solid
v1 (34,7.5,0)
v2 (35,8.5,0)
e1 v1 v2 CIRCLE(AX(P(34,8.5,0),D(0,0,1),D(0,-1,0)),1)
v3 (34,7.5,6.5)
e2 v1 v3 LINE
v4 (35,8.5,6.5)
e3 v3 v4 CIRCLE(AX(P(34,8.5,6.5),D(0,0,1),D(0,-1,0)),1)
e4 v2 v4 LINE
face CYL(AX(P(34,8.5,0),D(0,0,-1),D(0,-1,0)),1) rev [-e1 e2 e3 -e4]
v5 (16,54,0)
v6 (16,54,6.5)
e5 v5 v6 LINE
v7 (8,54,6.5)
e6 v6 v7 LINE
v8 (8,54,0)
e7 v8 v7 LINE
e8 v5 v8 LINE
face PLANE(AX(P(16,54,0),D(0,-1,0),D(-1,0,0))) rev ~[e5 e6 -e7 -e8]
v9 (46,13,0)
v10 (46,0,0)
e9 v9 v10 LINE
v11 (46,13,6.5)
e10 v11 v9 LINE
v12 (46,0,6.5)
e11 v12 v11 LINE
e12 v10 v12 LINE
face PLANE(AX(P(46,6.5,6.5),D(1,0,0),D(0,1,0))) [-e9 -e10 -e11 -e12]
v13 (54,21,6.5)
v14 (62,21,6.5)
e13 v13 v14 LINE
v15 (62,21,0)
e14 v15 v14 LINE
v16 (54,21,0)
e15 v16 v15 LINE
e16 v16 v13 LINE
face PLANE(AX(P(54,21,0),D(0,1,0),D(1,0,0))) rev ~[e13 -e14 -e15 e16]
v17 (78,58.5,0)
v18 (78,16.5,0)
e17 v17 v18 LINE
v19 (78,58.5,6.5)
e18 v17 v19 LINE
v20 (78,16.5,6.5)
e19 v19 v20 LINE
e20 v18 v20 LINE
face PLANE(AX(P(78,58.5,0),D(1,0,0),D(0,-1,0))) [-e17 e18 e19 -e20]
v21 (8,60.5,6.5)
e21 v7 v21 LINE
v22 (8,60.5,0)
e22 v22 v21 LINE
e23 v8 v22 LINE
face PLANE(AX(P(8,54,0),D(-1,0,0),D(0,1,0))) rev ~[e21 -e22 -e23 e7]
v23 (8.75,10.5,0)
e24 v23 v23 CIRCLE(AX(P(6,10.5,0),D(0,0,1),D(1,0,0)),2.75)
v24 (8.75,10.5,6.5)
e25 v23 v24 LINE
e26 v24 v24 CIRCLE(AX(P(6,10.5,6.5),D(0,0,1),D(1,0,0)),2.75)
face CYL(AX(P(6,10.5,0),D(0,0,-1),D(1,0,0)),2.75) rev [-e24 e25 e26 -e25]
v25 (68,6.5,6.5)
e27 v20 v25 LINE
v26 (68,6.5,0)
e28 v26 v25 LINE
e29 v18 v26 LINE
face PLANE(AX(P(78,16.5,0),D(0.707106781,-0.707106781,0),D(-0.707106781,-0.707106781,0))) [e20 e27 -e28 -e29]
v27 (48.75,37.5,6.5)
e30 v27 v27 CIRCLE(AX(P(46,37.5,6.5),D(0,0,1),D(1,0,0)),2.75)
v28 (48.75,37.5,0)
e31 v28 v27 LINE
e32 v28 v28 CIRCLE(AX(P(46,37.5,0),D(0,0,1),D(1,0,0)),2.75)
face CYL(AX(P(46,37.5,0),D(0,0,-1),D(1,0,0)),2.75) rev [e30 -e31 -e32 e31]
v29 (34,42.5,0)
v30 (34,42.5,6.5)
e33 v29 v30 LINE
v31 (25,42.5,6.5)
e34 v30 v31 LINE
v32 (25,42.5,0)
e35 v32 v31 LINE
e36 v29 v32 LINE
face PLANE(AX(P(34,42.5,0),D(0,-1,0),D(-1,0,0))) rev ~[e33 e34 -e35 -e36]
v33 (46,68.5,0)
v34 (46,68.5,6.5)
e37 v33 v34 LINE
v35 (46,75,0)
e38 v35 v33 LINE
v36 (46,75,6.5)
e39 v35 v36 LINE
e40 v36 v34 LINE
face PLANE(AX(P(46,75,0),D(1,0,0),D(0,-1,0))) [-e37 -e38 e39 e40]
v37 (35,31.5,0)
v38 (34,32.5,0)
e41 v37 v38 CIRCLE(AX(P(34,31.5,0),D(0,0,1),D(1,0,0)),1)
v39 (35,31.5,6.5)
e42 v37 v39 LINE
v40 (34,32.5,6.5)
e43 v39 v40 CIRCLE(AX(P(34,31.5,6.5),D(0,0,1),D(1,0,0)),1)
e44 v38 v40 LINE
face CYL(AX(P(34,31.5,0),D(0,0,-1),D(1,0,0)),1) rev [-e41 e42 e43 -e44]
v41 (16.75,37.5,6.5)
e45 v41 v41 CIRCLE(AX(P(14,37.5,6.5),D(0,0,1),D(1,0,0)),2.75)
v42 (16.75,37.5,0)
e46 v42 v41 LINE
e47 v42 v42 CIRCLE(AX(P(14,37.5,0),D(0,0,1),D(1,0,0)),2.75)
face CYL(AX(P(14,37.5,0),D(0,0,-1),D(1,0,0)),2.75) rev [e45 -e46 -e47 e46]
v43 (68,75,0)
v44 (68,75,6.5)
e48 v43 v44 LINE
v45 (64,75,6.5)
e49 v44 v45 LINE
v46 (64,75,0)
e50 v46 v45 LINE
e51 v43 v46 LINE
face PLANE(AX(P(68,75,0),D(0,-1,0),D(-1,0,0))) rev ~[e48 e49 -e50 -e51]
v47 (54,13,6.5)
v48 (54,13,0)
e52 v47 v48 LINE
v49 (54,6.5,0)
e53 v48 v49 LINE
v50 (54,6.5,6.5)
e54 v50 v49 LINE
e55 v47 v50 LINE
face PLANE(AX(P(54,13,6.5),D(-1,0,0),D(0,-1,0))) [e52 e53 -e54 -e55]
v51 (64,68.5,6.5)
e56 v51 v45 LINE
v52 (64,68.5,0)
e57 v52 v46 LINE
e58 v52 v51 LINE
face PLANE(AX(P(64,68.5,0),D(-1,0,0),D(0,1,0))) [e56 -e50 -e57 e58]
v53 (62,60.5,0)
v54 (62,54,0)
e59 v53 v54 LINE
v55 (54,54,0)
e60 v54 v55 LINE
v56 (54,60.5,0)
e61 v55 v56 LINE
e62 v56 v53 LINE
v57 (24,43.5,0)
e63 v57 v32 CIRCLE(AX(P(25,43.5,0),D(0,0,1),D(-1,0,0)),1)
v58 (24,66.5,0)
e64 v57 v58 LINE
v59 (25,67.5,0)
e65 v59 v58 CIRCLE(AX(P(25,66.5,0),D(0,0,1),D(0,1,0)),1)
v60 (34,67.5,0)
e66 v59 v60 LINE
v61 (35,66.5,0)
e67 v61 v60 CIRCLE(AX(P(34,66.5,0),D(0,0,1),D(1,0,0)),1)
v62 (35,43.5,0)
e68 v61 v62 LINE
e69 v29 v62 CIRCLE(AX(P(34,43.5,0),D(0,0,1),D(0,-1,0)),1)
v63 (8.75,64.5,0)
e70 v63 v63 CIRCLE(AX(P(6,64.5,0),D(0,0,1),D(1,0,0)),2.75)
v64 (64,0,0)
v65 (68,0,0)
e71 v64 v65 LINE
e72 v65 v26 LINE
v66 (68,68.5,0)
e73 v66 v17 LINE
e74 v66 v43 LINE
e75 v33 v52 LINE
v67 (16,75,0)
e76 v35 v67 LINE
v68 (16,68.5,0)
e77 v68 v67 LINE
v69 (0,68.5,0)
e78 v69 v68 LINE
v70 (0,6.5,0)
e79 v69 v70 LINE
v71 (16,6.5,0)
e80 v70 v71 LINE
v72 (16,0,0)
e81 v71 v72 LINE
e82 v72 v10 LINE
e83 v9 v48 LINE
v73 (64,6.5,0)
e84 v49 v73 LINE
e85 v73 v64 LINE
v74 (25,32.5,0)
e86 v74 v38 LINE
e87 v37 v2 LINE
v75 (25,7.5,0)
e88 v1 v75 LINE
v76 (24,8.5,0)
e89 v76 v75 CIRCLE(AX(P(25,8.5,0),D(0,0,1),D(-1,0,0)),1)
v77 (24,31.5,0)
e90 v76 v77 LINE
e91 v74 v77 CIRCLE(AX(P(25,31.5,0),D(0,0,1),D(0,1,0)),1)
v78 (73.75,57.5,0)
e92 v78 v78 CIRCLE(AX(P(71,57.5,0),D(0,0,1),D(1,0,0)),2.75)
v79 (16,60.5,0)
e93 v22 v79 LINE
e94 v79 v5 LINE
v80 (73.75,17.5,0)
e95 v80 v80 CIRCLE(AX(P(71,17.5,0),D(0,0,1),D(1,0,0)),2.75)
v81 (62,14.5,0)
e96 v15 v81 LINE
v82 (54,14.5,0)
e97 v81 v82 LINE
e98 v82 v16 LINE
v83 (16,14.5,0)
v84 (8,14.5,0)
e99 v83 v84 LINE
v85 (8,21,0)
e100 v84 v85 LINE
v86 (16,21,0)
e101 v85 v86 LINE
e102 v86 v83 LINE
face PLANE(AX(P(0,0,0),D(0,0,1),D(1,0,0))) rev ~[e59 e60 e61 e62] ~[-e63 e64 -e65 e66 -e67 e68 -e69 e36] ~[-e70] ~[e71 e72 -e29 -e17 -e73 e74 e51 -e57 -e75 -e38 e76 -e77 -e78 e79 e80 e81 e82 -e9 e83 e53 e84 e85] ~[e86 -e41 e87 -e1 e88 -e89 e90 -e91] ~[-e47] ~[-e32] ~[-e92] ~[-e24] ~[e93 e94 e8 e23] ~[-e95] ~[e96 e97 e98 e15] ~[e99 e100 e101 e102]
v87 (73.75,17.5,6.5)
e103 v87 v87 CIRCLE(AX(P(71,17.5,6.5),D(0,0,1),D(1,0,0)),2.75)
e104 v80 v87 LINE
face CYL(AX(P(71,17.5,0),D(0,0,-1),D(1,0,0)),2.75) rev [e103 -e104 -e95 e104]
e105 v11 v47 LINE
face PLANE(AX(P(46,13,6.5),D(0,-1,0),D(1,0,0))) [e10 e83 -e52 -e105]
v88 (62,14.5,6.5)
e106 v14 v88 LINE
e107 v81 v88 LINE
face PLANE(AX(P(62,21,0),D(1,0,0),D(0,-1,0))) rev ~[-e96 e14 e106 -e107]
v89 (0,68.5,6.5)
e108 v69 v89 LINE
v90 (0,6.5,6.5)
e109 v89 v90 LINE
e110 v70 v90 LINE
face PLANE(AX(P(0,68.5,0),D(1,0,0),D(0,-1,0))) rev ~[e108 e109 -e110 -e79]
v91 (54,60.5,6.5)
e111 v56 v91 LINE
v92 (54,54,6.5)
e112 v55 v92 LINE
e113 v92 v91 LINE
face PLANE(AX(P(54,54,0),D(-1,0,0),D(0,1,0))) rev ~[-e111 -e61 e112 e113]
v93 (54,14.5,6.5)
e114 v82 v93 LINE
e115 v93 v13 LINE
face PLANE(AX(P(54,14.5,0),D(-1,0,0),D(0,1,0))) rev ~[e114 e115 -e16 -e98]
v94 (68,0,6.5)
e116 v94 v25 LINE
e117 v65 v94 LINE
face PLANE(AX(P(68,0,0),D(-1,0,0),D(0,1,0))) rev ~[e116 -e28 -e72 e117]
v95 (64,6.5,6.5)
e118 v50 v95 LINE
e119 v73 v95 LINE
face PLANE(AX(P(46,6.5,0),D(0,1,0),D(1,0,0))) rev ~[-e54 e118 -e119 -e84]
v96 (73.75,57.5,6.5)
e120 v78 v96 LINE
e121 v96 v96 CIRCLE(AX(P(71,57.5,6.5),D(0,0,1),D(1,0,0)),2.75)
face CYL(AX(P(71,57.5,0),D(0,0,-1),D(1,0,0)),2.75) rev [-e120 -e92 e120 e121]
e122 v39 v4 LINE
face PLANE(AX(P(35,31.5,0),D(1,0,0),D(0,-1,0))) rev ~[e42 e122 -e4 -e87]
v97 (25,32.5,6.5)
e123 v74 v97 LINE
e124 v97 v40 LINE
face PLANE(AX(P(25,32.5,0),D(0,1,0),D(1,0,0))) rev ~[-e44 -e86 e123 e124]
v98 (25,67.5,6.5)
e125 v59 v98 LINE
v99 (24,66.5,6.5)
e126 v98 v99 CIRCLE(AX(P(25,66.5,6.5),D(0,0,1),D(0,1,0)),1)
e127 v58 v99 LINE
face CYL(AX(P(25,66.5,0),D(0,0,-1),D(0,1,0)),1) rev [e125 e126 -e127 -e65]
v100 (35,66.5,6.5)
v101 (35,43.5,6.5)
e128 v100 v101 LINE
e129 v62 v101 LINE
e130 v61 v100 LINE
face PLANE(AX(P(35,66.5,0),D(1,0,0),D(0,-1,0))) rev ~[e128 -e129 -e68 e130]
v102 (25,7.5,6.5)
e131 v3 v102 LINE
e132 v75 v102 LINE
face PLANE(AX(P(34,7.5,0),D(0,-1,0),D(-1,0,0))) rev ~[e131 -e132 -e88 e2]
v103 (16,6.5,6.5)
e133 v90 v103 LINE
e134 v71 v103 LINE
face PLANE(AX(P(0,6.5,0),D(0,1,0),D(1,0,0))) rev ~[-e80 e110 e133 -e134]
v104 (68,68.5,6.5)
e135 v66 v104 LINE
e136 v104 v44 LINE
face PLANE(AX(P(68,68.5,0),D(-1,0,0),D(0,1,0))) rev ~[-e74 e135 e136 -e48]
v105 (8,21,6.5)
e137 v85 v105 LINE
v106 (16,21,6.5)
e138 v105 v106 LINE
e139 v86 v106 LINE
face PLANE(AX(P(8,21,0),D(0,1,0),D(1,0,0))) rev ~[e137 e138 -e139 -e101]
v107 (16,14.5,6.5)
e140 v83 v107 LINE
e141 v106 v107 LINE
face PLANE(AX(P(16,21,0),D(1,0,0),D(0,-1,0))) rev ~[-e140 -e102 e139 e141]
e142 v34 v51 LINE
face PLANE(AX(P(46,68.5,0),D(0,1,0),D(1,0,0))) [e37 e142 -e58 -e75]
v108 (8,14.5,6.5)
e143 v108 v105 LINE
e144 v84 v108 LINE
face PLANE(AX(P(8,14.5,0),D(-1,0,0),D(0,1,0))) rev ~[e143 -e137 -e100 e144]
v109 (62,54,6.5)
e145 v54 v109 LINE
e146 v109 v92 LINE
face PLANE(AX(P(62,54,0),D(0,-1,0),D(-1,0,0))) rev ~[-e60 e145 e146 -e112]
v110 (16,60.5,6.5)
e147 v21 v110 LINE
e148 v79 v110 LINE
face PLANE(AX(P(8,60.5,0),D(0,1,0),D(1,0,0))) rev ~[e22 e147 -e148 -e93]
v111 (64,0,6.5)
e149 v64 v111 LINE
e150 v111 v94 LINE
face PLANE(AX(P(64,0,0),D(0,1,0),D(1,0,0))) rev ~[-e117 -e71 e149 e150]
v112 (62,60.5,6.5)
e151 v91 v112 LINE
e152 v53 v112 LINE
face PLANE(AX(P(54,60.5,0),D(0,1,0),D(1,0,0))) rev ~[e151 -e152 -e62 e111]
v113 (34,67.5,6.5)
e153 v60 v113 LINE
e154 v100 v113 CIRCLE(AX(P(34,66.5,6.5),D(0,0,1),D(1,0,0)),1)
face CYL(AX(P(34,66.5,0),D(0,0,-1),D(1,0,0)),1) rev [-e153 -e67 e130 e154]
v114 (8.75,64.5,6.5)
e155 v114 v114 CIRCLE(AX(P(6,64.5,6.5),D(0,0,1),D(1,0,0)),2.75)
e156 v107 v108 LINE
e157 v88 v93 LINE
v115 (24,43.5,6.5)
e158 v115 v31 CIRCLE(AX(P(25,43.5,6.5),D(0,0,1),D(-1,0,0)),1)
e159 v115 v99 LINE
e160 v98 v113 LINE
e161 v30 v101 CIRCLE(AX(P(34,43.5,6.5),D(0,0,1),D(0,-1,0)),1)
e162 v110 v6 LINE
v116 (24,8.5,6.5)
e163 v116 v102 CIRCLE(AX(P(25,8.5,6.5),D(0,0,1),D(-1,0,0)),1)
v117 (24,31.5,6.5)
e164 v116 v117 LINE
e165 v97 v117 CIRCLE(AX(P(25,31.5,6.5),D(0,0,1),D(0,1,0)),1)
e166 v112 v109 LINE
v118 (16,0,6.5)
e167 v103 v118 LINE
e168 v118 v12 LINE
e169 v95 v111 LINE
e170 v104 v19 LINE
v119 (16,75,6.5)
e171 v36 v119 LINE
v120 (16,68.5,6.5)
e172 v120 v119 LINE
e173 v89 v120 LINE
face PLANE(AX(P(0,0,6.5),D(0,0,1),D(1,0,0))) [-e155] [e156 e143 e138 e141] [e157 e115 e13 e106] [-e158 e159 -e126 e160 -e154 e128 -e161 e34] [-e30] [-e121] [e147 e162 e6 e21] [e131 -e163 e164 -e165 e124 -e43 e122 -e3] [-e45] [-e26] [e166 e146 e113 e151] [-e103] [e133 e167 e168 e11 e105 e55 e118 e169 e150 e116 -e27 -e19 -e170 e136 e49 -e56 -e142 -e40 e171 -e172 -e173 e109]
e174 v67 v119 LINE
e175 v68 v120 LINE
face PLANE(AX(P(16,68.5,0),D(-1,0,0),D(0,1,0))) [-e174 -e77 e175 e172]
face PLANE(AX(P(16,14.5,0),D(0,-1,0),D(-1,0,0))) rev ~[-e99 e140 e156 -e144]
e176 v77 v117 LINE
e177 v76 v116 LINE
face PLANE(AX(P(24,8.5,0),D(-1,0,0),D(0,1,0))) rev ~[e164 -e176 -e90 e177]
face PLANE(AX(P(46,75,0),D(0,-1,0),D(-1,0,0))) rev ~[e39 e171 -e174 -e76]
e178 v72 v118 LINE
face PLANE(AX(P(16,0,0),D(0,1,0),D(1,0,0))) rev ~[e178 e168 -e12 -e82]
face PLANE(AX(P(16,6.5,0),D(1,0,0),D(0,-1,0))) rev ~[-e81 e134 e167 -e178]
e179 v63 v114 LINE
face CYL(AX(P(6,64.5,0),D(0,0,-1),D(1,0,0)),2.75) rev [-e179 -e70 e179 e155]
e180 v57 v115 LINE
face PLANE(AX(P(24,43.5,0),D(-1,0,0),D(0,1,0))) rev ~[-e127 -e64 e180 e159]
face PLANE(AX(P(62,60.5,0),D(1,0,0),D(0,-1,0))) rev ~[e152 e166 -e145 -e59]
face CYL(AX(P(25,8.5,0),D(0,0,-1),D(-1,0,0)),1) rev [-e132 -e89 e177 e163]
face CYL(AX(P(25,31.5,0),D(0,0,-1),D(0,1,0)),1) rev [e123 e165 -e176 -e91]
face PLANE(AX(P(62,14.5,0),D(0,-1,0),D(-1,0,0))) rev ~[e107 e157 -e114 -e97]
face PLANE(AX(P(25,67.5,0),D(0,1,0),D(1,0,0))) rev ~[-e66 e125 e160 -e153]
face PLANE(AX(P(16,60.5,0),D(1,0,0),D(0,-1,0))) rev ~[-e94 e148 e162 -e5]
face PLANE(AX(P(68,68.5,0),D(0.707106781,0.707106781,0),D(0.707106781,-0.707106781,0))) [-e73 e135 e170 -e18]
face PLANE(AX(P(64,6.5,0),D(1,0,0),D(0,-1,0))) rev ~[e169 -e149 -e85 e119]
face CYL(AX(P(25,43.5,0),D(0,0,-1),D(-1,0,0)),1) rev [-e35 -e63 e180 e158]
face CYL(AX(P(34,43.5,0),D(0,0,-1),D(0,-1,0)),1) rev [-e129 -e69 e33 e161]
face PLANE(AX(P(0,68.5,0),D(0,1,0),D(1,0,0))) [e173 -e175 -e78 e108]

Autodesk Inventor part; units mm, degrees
ref_plane "YZ Plane" through (0, 0, 0) normal (1, 0, 0) x (0, 1, 0)
ref_plane "XZ Plane" through (0, 0, 0) normal (0, 1, 0) x (-1, 0, 0)
ref_plane "XY Plane" through (0, 0, 0) normal (0, 0, 1) x (1, 0, 0)
sketch "Sketch1" plane through (0, 0, 0) normal (0, 0, 1) x (1, 0, 0)
  line L0 (0, 68.5) -> (0, 6.5)
  line L1 (68, 68.5) -> (78, 58.5)
  line L2 (78, 58.5) -> (78, 16.5)
  line L3 (78, 16.5) -> (68, 6.5)
  line L4 (68, 0) -> (68, 6.5)
  line L5 (68, 68.5) -> (68, 75)
  circle A0 centre (71, 57.5) radius 2.75
  circle A1 centre (71, 17.5) radius 2.75
  line L6 (25, 67.5) -> (34, 67.5)
  line L7 (35, 66.5) -> (35, 43.5)
  line L8 (34, 42.5) -> (25, 42.5)
  line L9 (24, 43.5) -> (24, 66.5)
  line L10 (25, 32.5) -> (34, 32.5)
  line L11 (35, 31.5) -> (35, 8.5)
  line L12 (34, 7.5) -> (25, 7.5)
  line L13 (24, 8.5) -> (24, 31.5)
  arc A2 (25, 67.5) -> (24, 66.5) centre (25, 66.5) ccw
  arc A3 (35, 66.5) -> (34, 67.5) centre (34, 66.5) ccw
  arc A4 (34, 42.5) -> (35, 43.5) centre (34, 43.5) ccw
  arc A5 (24, 43.5) -> (25, 42.5) centre (25, 43.5) ccw
  arc A6 (25, 32.5) -> (24, 31.5) centre (25, 31.5) ccw
  arc A7 (24, 8.5) -> (25, 7.5) centre (25, 8.5) ccw
  arc A8 (34, 7.5) -> (35, 8.5) centre (34, 8.5) ccw
  arc A9 (35, 31.5) -> (34, 32.5) centre (34, 31.5) ccw
  line L14 (29.5, 67.5) -> (29.5, 7.5) construction
  circle A10 centre (6, 64.5) radius 5 construction
  circle A11 centre (6, 64.5) radius 2.75
  circle A12 centre (6, 10.5) radius 5 construction
  circle A13 centre (6, 10.5) radius 2.75
  line L15 (0, 64.5) -> (72, 64.5) construction
  line L16 (0, 10.5) -> (72, 10.5) construction
  line L17 (0, 6.5) -> (16, 6.5)
  line L18 (16, 6.5) -> (16, 0)
  line L19 (0, 68.5) -> (16, 68.5)
  line L20 (16, 68.5) -> (16, 75)
  line L21 (46, 75) -> (46, 68.5)
  line L22 (46, 68.5) -> (64, 68.5)
  line L23 (64, 68.5) -> (64, 75)
  line L24 (46, 0) -> (46, 6.5)
  line L25 (46, 6.5) -> (64, 6.5)
  line L26 (64, 6.5) -> (64, 0)
  line L27 (68, 75) -> (64, 75)
  line L28 (46, 75) -> (16, 75)
  line L29 (16, 0) -> (46, 0)
  line L30 (64, 0) -> (68, 0)
  line L31 (8, 60.5) -> (16, 60.5)
  line L32 (16, 60.5) -> (16, 54)
  line L33 (16, 54) -> (8, 54)
  line L34 (8, 54) -> (8, 60.5)
  line L35 (8, 21) -> (16, 21)
  line L36 (16, 21) -> (16, 14.5)
  line L37 (16, 14.5) -> (8, 14.5)
  line L38 (8, 14.5) -> (8, 21)
  line L39 (54, 21) -> (62, 21)
  line L40 (62, 21) -> (62, 14.5)
  line L41 (62, 14.5) -> (54, 14.5)
  line L42 (54, 14.5) -> (54, 21)
  line L43 (54, 60.5) -> (62, 60.5)
  line L44 (62, 60.5) -> (62, 54)
  line L45 (62, 54) -> (54, 54)
  line L46 (54, 54) -> (54, 60.5)
  circle A14 centre (14, 37.5) radius 5 construction
  circle A15 centre (46, 37.5) radius 5 construction
  circle A16 centre (46, 37.5) radius 2.75
  circle A17 centre (14, 37.5) radius 2.75
  point P0 (0, 0)
  point P1 (29.5, 37.5)
  point P2 (0, 37.5)
  dimension "d1" = 45
  dimension "d2" = 10
  dimension "d11" = 5.5
  dimension "d12" = 5.5
  dimension "d13" = 7
  dimension "d14" = 11
  dimension "d15" = 11
  dimension "d18" = 1
  dimension "d19" = 11
  dimension "d20" = 25
  dimension "d21" = 25
  dimension "d24" = 38.5
  dimension "d25" = 5.5
  dimension "d26" = 5.5
  dimension "d27" = 10
  dimension "d28" = 10
  dimension "d32" = 6
  dimension "d34" = 68
  dimension "d35" = 6.5
  dimension "d36" = 6.5
  dimension "d37" = 4
  dimension "d38" = 4
  dimension "d40" = 1
  dimension "d41" = 30
  dimension "d42" = 18
  dimension "d43" = 4
  dimension "d44" = 4
  dimension "d45" = 6.5
  dimension "d46" = 6.5
  dimension "d47" = 8
  dimension "d48" = 8
  dimension "d49" = 4
  dimension "d50" = 4
  dimension "d51" = 8
  dimension "d52" = 6
  dimension "d53" = 10
  dimension "d54" = 5.5
  dimension "d55" = 10
  dimension "d56" = 5.5
  dimension "d57" = 14
  dimension "d58" = 32
  dimension "d67" = 54
extrude "Extrusion1" add sketch "Sketch1" along normal blind 6.5
sketch "Sketch2" plane through (0, 0, 6.5) normal (0, 0, 1) x (1, 0, 0)
  line L0 (46, 6.5) -> (64, 6.5) projected
  line L1 (46, 13) -> (54, 13)
  line L2 (54, 13) -> (54, 6.5)
  line L3 (54, 6.5) -> (46, 6.5)
  line L4 (46, 6.5) -> (46, 13)
  line L5 (46, 0) -> (46, 6.5) projected
  point P0 (0, 0)
  dimension "d61" = 6.5
  dimension "d62" = 8
extrude "Extrusion2" cut sketch "Sketch2" against normal through all
properties part number "x_motor_middle" material "Plywood, Finish"
